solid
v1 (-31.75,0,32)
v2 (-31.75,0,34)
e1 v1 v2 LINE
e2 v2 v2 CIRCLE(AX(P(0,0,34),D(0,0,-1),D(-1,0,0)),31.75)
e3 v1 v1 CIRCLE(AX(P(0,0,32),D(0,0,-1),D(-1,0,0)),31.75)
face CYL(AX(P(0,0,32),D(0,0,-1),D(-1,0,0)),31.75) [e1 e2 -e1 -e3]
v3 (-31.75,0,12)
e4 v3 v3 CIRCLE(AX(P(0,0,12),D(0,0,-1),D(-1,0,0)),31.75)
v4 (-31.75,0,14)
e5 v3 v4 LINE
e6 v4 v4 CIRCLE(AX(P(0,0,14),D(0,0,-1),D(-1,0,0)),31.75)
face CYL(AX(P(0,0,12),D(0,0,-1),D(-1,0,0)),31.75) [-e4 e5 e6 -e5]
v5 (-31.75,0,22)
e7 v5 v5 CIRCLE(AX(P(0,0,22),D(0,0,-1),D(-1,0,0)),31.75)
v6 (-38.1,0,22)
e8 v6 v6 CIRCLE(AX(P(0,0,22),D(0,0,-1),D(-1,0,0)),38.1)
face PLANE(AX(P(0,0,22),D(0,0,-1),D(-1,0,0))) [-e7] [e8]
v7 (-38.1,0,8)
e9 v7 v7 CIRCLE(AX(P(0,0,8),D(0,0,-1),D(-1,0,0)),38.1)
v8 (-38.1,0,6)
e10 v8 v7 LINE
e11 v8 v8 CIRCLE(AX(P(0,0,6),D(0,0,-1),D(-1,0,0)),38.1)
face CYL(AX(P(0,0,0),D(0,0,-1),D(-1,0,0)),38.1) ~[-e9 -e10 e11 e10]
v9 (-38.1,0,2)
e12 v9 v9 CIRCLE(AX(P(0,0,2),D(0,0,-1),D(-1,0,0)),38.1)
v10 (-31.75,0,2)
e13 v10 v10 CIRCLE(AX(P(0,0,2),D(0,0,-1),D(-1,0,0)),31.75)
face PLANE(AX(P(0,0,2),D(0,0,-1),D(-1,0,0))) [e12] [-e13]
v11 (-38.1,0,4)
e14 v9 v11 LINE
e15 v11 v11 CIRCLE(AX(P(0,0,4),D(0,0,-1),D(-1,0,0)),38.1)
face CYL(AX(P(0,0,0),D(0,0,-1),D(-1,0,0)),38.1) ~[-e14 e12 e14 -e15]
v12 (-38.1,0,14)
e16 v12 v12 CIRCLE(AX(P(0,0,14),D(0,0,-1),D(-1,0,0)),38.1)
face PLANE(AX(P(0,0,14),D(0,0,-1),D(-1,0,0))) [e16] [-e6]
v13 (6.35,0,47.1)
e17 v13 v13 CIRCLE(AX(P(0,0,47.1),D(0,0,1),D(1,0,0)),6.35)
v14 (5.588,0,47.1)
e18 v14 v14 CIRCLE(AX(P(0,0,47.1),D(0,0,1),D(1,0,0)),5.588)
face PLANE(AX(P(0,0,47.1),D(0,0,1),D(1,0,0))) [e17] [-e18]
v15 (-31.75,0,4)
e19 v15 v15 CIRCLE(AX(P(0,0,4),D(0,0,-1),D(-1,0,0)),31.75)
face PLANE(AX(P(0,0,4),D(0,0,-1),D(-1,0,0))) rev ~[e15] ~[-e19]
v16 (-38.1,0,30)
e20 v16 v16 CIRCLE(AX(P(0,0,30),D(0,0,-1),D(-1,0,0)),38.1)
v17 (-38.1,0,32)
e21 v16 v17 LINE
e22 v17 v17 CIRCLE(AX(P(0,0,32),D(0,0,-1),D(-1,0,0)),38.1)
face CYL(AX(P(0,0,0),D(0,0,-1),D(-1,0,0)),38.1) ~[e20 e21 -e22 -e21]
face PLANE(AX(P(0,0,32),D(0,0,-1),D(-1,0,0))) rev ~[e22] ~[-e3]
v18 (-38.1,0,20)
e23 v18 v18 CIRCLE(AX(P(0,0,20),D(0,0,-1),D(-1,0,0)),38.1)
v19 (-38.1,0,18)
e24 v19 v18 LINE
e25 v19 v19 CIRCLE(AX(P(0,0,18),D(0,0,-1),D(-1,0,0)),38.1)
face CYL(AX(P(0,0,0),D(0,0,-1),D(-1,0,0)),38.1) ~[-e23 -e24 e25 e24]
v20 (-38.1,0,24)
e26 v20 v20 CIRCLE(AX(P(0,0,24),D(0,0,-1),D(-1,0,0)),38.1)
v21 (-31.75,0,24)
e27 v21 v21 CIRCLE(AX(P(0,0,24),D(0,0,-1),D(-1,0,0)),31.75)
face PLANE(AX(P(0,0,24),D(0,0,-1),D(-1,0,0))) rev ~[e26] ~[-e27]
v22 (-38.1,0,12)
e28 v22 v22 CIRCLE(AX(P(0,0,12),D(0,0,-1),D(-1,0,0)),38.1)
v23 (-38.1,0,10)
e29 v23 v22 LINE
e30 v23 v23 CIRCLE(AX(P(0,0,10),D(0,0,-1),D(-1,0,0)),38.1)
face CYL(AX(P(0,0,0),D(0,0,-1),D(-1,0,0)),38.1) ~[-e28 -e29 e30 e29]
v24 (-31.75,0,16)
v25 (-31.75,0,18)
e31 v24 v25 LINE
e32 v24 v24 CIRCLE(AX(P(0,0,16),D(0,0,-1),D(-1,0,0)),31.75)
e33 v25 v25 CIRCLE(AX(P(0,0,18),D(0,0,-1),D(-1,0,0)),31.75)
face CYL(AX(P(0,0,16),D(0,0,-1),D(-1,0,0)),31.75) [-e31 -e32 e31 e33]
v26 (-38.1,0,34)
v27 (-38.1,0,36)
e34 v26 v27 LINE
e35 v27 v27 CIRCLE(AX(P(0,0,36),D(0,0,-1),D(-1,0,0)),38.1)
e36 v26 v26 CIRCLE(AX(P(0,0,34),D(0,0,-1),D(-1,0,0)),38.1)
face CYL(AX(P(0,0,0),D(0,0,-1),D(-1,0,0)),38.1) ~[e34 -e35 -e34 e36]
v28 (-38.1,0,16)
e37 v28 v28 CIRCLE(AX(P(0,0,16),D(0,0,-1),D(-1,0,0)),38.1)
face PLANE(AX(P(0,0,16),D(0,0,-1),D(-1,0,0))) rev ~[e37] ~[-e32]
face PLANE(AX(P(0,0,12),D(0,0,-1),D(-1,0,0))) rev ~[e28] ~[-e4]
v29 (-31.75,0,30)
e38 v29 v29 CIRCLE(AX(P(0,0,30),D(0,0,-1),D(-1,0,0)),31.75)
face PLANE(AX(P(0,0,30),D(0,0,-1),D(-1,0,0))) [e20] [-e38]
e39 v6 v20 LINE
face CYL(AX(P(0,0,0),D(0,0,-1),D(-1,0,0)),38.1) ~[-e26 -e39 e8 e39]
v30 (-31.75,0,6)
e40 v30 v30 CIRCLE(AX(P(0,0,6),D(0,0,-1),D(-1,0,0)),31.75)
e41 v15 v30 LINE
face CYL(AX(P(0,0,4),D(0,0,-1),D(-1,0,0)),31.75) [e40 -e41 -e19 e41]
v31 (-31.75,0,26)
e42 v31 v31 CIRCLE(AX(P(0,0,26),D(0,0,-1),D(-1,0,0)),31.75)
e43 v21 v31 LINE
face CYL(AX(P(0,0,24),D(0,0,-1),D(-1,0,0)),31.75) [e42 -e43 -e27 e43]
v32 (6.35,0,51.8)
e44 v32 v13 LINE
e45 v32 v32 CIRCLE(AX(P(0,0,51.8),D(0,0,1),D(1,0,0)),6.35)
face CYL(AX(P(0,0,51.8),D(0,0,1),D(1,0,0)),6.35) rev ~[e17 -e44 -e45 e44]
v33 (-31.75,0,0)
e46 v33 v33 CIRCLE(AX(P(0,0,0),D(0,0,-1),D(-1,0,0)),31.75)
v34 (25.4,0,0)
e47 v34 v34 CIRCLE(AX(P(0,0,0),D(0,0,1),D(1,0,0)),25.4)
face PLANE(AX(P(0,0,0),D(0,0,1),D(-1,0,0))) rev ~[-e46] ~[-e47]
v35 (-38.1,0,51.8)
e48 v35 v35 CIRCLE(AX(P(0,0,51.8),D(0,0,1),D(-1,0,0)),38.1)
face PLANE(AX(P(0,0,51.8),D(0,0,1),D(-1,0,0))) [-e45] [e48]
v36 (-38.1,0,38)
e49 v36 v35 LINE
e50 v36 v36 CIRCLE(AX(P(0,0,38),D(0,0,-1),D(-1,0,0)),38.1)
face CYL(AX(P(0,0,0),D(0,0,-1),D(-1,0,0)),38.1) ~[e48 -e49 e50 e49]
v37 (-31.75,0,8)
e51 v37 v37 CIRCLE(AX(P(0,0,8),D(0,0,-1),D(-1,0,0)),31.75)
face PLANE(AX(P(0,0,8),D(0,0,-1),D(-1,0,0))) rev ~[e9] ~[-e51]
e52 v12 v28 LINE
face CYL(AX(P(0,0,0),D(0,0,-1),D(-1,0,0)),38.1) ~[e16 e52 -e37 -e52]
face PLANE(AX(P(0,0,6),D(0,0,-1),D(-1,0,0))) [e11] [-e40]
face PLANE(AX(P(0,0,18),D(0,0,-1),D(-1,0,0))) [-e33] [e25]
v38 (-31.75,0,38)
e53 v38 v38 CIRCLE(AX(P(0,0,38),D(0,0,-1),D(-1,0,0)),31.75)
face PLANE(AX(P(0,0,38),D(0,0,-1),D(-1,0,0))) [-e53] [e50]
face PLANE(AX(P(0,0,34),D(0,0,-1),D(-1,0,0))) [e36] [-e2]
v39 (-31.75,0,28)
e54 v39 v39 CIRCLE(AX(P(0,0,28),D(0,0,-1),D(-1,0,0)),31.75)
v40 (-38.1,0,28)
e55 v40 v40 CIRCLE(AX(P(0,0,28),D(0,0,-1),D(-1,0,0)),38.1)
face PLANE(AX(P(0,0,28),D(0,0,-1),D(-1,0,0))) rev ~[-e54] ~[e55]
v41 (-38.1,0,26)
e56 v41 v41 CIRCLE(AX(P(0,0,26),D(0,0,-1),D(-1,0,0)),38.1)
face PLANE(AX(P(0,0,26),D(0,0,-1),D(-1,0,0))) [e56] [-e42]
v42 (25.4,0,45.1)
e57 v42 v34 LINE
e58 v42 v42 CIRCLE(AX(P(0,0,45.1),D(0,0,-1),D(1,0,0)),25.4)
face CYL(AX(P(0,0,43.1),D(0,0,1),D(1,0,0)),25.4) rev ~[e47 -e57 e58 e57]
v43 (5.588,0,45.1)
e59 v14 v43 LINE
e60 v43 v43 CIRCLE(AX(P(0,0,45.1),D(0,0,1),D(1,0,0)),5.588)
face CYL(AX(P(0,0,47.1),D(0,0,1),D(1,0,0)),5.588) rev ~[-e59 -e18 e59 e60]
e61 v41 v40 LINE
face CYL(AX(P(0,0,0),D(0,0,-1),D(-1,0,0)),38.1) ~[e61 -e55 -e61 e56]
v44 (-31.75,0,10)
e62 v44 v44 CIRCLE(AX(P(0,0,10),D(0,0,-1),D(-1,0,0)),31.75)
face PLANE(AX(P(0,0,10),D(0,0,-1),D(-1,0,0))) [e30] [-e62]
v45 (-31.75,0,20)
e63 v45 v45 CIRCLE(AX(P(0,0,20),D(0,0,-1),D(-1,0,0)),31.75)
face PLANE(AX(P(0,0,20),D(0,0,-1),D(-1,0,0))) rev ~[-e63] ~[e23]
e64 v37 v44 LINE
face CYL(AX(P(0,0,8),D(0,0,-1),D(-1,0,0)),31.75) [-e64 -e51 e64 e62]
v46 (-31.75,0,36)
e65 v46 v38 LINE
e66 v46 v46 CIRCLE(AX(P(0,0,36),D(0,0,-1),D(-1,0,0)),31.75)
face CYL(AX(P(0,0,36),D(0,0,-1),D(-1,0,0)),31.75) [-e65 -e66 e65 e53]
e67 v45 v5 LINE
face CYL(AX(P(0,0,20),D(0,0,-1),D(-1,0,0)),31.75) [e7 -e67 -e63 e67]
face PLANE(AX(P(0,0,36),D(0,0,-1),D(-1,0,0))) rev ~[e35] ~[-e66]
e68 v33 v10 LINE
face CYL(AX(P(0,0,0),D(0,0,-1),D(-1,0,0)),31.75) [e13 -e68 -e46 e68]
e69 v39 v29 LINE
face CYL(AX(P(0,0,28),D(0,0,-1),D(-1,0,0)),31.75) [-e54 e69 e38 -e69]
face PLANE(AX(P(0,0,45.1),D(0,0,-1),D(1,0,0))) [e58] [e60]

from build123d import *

# Parameters (mm, degrees)
ESQUISSE1_R                = 38.1
BOSS_EXTRU_1_DEPTH         = 51.8
ESQUISSE2_R                = 6.35
ENL_V_MAT_EXTRU_1_DEPTH    = 4.7
ESQUISSE3_R                = 5.588
ENL_V_MAT_EXTRU_2_DEPTH    = 4
ESQUISSE4_R                = 25.4
ENL_V_MAT_EXTRU_3_DEPTH    = 43.1
ESQUISSE6_OUTSIDE_W        = 102.114
ESQUISSE6_OUTSIDE_H        = 102.114
ESQUISSE6_OUTSIDE_R        = 31.75
ENL_V_MAT_EXTRU_4_DEPTH    = 2
R_P_TITION_LIN_AIRE1_COUNT = 10
R_P_TITION_LIN_AIRE1_PITCH = 4
ENL_V_START                = -2
ESQUISSE7_R                = 25.4
ENL_V_MAT_EXTRU_5_DEPTH    = 2


with BuildPart() as part:
    # Esquisse1 → Boss.-Extru.1 (new body)
    with BuildSketch(Plane.XY):
        with Locations(Location((0, 0, 0), (0, 0, 180))):
            Circle(ESQUISSE1_R)
    extrude(amount=BOSS_EXTRU_1_DEPTH)

    # Esquisse2 → Enlèv. mat.-Extru.1 (cut)
    with BuildSketch(Plane.XY.offset(51.8)):
        Circle(ESQUISSE2_R)
    extrude(amount=-ENL_V_MAT_EXTRU_1_DEPTH, mode=Mode.SUBTRACT)

    # Esquisse3 → Enlèv. mat.-Extru.2 (cut)
    with BuildSketch(Plane.XY.offset(47.1)):
        Circle(ESQUISSE3_R)
    extrude(amount=-ENL_V_MAT_EXTRU_2_DEPTH, mode=Mode.SUBTRACT)

    # Esquisse4 → Enlèv. mat.-Extru.3 (cut)
    with BuildSketch(Plane.XY.offset(43.1)):
        Circle(ESQUISSE4_R)
    extrude(amount=-ENL_V_MAT_EXTRU_3_DEPTH, mode=Mode.SUBTRACT)

    # Esquisse6 outside → Enlèv. mat.-Extru.4 (cut)
    with BuildSketch(Plane(origin=(0, 0, 0), x_dir=(-1, 0, 0), z_dir=(0, 0, -1))):
        Rectangle(ESQUISSE6_OUTSIDE_W, ESQUISSE6_OUTSIDE_H)
        Circle(ESQUISSE6_OUTSIDE_R, mode=Mode.SUBTRACT)
    enl_v_mat_extru_4 = extrude(amount=-ENL_V_MAT_EXTRU_4_DEPTH, mode=Mode.SUBTRACT)

    # Répétition linéaire1: Enlèv. mat.-Extru.4 ×10
    with Locations(*[(0, 0, i * R_P_TITION_LIN_AIRE1_PITCH) for i in range(1, R_P_TITION_LIN_AIRE1_COUNT)]):
        add(enl_v_mat_extru_4, mode=Mode.SUBTRACT)

    # Esquisse7 → Enlèv. mat.-Extru.5 (cut)
    with BuildSketch(Plane(origin=(0, 0, 43.1), x_dir=(-1, 0, 0), z_dir=(0, 0, -1)).offset(ENL_V_START)):
        with Locations(Location((0, 0, 0), (0, 0, 180))):
            Circle(ESQUISSE7_R)
    extrude(amount=ENL_V_MAT_EXTRU_5_DEPTH, mode=Mode.SUBTRACT)


solid = part.part
